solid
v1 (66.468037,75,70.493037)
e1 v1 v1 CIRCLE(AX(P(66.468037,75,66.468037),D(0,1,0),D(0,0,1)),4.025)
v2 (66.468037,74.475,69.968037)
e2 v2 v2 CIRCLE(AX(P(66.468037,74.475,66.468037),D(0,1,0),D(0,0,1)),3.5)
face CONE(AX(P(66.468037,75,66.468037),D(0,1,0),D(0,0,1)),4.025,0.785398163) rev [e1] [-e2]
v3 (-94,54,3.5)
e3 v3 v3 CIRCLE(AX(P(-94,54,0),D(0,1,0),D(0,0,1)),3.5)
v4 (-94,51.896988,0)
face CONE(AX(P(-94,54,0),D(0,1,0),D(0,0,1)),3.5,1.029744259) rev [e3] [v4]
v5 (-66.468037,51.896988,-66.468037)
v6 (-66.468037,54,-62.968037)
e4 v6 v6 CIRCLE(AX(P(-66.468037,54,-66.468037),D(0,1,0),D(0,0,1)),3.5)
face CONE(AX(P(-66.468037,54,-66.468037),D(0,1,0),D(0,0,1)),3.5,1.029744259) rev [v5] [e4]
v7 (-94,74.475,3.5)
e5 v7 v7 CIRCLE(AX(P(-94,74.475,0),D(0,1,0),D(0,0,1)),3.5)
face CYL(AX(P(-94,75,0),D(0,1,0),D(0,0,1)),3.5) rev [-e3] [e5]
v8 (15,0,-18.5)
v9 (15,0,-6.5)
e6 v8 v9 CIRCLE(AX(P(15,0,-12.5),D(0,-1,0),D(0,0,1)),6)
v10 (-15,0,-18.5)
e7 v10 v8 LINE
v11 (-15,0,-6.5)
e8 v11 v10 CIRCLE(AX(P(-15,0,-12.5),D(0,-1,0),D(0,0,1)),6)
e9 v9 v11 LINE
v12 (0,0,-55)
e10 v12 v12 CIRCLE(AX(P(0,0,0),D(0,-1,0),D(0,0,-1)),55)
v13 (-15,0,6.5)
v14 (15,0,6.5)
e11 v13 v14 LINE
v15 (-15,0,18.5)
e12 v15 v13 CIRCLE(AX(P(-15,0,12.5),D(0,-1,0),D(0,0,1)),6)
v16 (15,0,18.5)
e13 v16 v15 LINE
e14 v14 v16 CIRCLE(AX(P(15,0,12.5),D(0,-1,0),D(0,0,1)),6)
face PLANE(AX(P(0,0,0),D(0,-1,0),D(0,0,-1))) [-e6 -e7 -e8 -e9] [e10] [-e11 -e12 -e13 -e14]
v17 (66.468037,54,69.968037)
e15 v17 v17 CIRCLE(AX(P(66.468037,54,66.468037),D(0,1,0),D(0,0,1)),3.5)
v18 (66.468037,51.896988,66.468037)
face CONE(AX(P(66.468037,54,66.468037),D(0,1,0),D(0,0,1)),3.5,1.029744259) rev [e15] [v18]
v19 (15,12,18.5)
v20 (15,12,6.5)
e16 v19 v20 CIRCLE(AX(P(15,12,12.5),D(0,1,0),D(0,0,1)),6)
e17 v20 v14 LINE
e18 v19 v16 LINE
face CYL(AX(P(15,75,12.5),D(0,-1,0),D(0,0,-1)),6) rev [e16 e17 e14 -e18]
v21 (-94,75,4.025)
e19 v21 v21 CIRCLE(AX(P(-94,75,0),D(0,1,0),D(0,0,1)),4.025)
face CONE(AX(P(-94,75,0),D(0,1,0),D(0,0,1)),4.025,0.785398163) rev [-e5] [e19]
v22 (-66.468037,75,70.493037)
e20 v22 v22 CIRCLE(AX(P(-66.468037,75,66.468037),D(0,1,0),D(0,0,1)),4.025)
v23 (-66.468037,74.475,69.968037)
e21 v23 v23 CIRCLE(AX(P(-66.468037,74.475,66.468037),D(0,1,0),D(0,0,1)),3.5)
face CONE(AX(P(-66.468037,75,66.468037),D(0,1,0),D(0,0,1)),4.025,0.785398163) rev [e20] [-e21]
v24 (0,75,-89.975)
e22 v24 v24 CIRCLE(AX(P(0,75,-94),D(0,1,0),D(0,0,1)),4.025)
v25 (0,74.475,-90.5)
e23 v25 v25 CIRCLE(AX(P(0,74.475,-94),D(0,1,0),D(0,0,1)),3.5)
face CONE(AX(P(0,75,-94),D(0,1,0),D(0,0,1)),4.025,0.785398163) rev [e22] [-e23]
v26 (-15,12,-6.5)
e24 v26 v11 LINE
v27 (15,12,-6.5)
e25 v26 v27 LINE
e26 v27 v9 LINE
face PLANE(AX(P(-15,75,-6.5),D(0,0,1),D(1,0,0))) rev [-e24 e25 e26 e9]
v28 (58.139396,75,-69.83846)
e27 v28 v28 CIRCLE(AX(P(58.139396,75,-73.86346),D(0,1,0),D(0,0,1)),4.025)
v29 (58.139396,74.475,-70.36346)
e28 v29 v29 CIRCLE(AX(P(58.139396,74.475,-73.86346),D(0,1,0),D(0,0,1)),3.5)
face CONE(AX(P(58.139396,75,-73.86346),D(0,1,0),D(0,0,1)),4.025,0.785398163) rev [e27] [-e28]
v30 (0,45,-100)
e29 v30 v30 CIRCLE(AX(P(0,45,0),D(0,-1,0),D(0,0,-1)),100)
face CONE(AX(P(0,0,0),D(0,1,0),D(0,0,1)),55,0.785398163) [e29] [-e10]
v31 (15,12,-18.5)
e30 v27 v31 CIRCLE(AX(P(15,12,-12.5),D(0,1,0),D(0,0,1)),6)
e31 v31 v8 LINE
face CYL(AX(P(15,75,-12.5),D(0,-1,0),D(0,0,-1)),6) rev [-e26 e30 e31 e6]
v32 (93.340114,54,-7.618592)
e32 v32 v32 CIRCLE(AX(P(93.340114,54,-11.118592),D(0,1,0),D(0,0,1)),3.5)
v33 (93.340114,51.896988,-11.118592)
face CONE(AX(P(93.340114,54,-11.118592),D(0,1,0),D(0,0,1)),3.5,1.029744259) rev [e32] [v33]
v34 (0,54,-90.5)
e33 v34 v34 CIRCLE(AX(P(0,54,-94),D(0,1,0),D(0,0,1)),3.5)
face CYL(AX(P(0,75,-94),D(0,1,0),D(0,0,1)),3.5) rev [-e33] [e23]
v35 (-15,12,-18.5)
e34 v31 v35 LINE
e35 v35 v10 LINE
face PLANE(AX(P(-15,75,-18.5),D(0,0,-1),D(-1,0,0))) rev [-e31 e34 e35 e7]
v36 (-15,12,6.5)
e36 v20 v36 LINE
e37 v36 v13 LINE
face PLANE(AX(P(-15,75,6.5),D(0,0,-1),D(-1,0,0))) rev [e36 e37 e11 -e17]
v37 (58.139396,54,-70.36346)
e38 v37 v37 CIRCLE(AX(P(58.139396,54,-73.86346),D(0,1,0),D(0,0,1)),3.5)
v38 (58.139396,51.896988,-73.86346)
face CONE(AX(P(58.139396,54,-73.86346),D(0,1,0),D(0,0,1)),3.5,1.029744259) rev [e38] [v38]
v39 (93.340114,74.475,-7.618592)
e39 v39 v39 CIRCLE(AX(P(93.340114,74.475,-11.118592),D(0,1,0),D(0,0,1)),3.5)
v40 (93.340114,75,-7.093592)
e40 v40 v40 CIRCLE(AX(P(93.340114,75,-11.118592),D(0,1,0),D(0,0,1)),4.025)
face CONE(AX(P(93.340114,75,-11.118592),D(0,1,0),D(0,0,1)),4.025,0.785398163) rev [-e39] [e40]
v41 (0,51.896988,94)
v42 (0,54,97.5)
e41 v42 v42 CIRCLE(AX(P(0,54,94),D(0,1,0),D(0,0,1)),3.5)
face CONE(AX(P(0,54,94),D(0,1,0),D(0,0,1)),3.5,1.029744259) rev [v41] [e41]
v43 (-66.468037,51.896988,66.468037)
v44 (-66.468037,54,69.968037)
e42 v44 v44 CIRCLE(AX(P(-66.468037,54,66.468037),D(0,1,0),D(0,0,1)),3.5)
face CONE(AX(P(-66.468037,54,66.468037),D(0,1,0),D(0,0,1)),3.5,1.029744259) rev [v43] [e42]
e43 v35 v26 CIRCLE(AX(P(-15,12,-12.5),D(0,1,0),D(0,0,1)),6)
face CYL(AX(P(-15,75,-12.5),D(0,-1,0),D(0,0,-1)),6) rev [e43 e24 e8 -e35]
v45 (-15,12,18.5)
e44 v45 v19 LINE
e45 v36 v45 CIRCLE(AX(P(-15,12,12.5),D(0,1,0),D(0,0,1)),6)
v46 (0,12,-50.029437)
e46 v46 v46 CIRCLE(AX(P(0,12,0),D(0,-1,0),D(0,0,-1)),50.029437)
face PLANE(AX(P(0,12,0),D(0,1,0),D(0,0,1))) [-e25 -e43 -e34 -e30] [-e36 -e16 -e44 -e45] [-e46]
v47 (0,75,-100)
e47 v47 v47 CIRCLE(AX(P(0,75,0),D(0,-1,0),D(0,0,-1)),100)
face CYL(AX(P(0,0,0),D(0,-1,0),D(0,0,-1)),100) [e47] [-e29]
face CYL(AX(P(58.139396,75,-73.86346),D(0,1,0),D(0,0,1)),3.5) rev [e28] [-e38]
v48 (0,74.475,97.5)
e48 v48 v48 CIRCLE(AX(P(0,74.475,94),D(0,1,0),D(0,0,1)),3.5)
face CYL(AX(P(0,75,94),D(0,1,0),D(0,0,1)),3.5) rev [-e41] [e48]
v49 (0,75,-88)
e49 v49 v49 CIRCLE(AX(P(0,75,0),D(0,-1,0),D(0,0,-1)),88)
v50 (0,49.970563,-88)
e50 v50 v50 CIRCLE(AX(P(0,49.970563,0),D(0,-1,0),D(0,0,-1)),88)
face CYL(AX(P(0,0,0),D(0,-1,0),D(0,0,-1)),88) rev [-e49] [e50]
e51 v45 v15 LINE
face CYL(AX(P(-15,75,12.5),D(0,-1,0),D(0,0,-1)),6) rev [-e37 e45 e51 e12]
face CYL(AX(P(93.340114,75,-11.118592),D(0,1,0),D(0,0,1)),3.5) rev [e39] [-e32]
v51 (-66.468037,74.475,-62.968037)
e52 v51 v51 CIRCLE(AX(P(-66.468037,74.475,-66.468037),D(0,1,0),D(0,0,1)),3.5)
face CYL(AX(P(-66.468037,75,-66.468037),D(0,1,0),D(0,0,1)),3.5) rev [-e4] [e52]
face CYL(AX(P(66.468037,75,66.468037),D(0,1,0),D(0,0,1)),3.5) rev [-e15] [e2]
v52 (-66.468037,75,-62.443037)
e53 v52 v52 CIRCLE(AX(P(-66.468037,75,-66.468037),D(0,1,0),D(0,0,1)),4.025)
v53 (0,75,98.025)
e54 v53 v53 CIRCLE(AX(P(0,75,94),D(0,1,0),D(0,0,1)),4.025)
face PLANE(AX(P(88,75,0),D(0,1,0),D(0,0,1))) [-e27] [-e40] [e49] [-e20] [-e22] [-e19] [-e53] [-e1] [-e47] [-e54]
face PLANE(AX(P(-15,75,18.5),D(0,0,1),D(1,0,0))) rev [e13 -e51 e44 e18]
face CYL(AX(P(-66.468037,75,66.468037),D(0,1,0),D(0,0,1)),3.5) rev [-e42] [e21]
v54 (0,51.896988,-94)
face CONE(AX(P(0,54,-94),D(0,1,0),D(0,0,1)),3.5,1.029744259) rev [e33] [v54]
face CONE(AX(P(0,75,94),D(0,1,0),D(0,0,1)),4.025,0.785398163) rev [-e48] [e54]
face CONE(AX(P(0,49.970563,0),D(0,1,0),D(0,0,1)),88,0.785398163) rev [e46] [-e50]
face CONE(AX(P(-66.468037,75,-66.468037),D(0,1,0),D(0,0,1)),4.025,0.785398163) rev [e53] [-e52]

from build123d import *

# Parameters (mm, degrees)
CUT_EXTRUDE1_DEPTH              = 161.078105936
M8X1_0_TAPPED_HOLE2_D           = 7
M8X1_0_TAPPED_HOLE2_DEPTH       = 21
M8X1_0_TAPPED_HOLE2_CSINK_D     = 8.05
M8X1_0_TAPPED_HOLE2_CSINK_ANGLE = 90
M8X1_0_TAPPED_HOLE2_TIP         = 2.103012167


with BuildPart() as part:
    # Sketch2 → Revolve1 (revolve)
    with BuildSketch(Plane.XY, mode=Mode.PRIVATE) as revolve1_sk:
        Polygon((55, 0), (100, 45), (100, 75), (88, 75), (88, 49.970562748), (50.029437252, 12), (0, 12), (0, 0), align=None)
    revolve(revolve1_sk.sketch.rotate(Axis((0, 0, 0), (0, 1, 0)), 90), axis=Axis((0, 0, 0), (0, 1, 0)))

    # Sketch3 → Cut-Extrude1 (cut, through all)
    with BuildSketch(Plane.XZ):
        with BuildLine():
            Line((-15, 18.5), (15, 18.5))
            ThreePointArc((15, 18.5), (21, 12.5), (15, 6.5))
            Line((15, 6.5), (-15, 6.5))
            ThreePointArc((-15, 6.5), (-21, 12.5), (-15, 18.5))
        make_face()
        with BuildLine():
            Line((-15, -6.5), (15, -6.5))
            ThreePointArc((15, -6.5), (21, -12.5), (15, -18.5))
            Line((15, -18.5), (-15, -18.5))
            ThreePointArc((-15, -18.5), (-21, -12.5), (-15, -6.5))
        make_face()
    extrude(amount=-CUT_EXTRUDE1_DEPTH, mode=Mode.SUBTRACT)

    # M8x1.0 Tapped Hole2
    with Locations(Plane(origin=(0, 75, 0), x_dir=(1, 0, 0), z_dir=(0, 1, 0))):
        with Locations((0, 94), (58.139395742, 73.863459591), (93.340114142, 11.118592175), (66.468037432, -66.468037432), (0, -94), (-66.468037432, -66.468037432), (-94, 0), (-66.468037432, 66.468037432)):
            CounterSinkHole(M8X1_0_TAPPED_HOLE2_D / 2, M8X1_0_TAPPED_HOLE2_CSINK_D / 2, depth=M8X1_0_TAPPED_HOLE2_DEPTH, counter_sink_angle=M8X1_0_TAPPED_HOLE2_CSINK_ANGLE)
            with Locations((0, 0, -(M8X1_0_TAPPED_HOLE2_DEPTH + M8X1_0_TAPPED_HOLE2_TIP / 2))):  # 118° drill point
                Cone(0, M8X1_0_TAPPED_HOLE2_D / 2, M8X1_0_TAPPED_HOLE2_TIP, mode=Mode.SUBTRACT)


solid = part.part
